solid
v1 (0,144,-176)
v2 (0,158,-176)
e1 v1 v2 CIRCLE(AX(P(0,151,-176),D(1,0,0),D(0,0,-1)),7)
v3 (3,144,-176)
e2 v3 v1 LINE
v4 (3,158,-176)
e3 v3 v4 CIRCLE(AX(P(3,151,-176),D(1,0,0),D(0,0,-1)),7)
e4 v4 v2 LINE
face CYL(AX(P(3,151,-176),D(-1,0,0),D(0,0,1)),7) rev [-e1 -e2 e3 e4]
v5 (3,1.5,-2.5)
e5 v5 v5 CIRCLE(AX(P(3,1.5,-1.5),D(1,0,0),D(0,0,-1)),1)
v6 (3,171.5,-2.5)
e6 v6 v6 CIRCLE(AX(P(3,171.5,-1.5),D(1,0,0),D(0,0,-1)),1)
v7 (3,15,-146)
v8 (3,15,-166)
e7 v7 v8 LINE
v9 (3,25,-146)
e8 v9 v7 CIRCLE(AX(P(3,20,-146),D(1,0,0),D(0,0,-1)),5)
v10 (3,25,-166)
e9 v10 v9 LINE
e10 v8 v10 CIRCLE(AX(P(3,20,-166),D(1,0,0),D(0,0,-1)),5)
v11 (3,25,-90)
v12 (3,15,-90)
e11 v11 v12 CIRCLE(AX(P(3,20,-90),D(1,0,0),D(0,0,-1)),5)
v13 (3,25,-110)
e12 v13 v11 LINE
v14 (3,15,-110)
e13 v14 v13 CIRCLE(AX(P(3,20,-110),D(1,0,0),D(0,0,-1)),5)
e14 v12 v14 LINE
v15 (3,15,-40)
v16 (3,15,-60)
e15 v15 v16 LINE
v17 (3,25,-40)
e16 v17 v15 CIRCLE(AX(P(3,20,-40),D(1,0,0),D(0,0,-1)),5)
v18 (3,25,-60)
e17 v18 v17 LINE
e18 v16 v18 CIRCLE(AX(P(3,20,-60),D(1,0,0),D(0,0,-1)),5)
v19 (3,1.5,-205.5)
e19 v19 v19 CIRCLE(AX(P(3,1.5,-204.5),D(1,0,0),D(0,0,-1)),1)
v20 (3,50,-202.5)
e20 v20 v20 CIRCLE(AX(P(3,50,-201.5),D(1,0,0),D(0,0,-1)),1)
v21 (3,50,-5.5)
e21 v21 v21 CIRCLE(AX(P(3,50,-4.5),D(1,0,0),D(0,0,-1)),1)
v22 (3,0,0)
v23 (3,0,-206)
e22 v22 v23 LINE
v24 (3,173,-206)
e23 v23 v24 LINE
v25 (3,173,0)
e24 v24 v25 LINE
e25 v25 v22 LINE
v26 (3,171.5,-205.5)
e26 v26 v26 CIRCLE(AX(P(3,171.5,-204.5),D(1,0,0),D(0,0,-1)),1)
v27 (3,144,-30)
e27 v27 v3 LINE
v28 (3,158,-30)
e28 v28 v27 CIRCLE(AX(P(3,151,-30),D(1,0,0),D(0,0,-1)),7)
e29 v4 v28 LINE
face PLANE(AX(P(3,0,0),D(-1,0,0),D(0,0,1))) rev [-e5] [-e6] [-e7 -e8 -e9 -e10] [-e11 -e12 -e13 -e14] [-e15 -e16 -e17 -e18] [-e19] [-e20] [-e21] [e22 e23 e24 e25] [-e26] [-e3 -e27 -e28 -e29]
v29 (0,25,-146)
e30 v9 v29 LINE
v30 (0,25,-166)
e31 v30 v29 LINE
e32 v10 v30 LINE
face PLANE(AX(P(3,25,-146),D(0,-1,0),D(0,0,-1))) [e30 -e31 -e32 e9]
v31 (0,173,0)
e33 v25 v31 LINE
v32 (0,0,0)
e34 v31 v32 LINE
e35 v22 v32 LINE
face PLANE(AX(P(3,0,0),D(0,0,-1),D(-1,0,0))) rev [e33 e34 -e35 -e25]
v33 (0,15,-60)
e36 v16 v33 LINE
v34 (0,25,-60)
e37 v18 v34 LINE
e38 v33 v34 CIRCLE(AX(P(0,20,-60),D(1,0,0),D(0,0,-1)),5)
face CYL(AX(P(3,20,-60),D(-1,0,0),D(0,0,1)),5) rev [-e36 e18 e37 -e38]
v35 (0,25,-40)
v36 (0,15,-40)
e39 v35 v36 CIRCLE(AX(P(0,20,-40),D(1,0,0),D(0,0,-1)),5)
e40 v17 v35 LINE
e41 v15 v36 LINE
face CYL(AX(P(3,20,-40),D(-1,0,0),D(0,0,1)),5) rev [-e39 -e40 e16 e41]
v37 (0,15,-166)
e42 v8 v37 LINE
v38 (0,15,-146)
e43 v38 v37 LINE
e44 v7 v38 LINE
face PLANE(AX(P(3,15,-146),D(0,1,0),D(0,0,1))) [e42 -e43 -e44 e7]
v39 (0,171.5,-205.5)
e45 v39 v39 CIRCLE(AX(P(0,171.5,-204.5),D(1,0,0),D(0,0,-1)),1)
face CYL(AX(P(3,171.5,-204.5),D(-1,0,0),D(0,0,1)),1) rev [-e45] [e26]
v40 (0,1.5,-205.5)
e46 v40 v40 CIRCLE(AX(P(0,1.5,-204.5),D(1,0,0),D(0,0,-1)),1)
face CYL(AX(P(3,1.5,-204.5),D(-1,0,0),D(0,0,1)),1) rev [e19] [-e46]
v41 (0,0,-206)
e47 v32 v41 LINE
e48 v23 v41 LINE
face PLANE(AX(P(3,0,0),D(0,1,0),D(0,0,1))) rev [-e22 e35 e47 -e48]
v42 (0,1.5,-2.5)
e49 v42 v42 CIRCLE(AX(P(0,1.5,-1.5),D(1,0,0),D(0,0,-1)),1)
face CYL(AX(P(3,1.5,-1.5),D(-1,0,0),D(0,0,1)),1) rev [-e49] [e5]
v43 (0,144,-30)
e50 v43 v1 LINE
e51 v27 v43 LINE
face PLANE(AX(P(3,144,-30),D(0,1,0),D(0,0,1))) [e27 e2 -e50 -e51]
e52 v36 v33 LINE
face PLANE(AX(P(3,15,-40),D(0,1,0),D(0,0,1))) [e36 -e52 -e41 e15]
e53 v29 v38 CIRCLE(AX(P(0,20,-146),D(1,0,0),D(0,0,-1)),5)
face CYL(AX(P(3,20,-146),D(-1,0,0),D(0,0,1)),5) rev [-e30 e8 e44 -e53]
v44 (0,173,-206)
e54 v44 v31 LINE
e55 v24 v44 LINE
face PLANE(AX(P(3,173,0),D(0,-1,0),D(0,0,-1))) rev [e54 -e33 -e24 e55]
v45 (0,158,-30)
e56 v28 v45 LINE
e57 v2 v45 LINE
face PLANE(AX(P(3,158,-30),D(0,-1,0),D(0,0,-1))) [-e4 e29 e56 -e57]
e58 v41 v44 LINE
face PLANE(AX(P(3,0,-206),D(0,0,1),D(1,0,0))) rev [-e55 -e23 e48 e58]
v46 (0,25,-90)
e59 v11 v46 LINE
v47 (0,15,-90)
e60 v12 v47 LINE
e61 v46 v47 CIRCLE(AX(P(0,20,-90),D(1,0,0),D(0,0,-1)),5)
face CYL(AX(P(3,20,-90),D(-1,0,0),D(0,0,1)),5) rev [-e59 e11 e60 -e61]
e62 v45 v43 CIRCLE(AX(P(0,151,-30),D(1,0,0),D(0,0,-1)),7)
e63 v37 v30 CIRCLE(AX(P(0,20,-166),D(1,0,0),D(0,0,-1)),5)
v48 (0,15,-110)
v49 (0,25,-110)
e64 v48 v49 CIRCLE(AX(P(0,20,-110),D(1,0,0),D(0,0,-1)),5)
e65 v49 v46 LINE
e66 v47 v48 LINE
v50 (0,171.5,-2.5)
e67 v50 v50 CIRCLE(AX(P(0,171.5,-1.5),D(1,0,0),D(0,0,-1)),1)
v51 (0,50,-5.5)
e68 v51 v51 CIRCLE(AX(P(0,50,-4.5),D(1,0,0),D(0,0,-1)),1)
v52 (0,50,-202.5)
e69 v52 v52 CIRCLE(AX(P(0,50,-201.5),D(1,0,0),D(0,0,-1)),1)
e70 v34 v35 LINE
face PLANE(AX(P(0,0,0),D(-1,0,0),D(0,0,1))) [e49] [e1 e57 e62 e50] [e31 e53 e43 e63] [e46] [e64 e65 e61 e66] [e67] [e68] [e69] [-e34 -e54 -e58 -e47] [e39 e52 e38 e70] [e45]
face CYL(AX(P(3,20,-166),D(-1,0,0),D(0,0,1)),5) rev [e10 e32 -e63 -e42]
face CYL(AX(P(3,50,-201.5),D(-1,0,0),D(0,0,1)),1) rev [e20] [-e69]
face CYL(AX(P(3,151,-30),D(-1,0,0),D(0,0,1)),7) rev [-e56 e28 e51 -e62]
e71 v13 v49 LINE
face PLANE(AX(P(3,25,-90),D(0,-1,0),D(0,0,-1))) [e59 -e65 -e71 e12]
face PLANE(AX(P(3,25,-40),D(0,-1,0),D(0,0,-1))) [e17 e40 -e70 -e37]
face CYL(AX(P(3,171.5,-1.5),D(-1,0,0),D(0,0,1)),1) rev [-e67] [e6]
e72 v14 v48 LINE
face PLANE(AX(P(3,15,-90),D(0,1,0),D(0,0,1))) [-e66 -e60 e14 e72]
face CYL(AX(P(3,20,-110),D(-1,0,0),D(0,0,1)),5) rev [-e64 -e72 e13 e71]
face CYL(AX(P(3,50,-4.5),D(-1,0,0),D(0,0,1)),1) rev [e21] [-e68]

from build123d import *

# Parameters (mm, degrees)
SKETCH1_W           = 206
SKETCH1_H           = 173
SKETCH1_R           = 1
BOSS_EXTRUDE1_DEPTH = 3


with BuildPart() as part:
    # Sketch1 → Boss-Extrude1 (new body)
    with BuildSketch(Plane(origin=(0, 0, 0), x_dir=(0, 0, -1), z_dir=(1, 0, 0))):
        with Locations((103, 86.5)):
            Rectangle(SKETCH1_W, SKETCH1_H)
        with Locations((204.5, 171.5)):
            Circle(SKETCH1_R, mode=Mode.SUBTRACT)
        with Locations((204.5, 1.5)):
            Circle(SKETCH1_R, mode=Mode.SUBTRACT)
        with Locations((1.5, 171.5)):
            Circle(SKETCH1_R, mode=Mode.SUBTRACT)
        with Locations((1.5, 1.5)):
            Circle(SKETCH1_R, mode=Mode.SUBTRACT)
        with Locations((201.5, 50)):
            Circle(SKETCH1_R, mode=Mode.SUBTRACT)
        with Locations((4.5, 50)):
            Circle(SKETCH1_R, mode=Mode.SUBTRACT)
        with BuildLine():
            Line((30, 158), (176, 158))
            ThreePointArc((176, 158), (183, 151), (176, 144))
            Line((176, 144), (30, 144))
            ThreePointArc((30, 144), (23, 151), (30, 158))
        make_face(mode=Mode.SUBTRACT)
        with BuildLine():
            Line((40, 25), (60, 25))
            ThreePointArc((60, 25), (65, 20), (60, 15))
            Line((60, 15), (40, 15))
            ThreePointArc((40, 15), (35, 20), (40, 25))
        make_face(mode=Mode.SUBTRACT)
        with BuildLine():
            Line((90, 25), (110, 25))
            ThreePointArc((110, 25), (115, 20), (110, 15))
            Line((110, 15), (90, 15))
            ThreePointArc((90, 15), (85, 20), (90, 25))
        make_face(mode=Mode.SUBTRACT)
        with BuildLine():
            Line((146, 25), (166, 25))
            ThreePointArc((166, 25), (171, 20), (166, 15))
            Line((166, 15), (146, 15))
            ThreePointArc((146, 15), (141, 20), (146, 25))
        make_face(mode=Mode.SUBTRACT)
    extrude(amount=BOSS_EXTRUDE1_DEPTH)


solid = part.part
